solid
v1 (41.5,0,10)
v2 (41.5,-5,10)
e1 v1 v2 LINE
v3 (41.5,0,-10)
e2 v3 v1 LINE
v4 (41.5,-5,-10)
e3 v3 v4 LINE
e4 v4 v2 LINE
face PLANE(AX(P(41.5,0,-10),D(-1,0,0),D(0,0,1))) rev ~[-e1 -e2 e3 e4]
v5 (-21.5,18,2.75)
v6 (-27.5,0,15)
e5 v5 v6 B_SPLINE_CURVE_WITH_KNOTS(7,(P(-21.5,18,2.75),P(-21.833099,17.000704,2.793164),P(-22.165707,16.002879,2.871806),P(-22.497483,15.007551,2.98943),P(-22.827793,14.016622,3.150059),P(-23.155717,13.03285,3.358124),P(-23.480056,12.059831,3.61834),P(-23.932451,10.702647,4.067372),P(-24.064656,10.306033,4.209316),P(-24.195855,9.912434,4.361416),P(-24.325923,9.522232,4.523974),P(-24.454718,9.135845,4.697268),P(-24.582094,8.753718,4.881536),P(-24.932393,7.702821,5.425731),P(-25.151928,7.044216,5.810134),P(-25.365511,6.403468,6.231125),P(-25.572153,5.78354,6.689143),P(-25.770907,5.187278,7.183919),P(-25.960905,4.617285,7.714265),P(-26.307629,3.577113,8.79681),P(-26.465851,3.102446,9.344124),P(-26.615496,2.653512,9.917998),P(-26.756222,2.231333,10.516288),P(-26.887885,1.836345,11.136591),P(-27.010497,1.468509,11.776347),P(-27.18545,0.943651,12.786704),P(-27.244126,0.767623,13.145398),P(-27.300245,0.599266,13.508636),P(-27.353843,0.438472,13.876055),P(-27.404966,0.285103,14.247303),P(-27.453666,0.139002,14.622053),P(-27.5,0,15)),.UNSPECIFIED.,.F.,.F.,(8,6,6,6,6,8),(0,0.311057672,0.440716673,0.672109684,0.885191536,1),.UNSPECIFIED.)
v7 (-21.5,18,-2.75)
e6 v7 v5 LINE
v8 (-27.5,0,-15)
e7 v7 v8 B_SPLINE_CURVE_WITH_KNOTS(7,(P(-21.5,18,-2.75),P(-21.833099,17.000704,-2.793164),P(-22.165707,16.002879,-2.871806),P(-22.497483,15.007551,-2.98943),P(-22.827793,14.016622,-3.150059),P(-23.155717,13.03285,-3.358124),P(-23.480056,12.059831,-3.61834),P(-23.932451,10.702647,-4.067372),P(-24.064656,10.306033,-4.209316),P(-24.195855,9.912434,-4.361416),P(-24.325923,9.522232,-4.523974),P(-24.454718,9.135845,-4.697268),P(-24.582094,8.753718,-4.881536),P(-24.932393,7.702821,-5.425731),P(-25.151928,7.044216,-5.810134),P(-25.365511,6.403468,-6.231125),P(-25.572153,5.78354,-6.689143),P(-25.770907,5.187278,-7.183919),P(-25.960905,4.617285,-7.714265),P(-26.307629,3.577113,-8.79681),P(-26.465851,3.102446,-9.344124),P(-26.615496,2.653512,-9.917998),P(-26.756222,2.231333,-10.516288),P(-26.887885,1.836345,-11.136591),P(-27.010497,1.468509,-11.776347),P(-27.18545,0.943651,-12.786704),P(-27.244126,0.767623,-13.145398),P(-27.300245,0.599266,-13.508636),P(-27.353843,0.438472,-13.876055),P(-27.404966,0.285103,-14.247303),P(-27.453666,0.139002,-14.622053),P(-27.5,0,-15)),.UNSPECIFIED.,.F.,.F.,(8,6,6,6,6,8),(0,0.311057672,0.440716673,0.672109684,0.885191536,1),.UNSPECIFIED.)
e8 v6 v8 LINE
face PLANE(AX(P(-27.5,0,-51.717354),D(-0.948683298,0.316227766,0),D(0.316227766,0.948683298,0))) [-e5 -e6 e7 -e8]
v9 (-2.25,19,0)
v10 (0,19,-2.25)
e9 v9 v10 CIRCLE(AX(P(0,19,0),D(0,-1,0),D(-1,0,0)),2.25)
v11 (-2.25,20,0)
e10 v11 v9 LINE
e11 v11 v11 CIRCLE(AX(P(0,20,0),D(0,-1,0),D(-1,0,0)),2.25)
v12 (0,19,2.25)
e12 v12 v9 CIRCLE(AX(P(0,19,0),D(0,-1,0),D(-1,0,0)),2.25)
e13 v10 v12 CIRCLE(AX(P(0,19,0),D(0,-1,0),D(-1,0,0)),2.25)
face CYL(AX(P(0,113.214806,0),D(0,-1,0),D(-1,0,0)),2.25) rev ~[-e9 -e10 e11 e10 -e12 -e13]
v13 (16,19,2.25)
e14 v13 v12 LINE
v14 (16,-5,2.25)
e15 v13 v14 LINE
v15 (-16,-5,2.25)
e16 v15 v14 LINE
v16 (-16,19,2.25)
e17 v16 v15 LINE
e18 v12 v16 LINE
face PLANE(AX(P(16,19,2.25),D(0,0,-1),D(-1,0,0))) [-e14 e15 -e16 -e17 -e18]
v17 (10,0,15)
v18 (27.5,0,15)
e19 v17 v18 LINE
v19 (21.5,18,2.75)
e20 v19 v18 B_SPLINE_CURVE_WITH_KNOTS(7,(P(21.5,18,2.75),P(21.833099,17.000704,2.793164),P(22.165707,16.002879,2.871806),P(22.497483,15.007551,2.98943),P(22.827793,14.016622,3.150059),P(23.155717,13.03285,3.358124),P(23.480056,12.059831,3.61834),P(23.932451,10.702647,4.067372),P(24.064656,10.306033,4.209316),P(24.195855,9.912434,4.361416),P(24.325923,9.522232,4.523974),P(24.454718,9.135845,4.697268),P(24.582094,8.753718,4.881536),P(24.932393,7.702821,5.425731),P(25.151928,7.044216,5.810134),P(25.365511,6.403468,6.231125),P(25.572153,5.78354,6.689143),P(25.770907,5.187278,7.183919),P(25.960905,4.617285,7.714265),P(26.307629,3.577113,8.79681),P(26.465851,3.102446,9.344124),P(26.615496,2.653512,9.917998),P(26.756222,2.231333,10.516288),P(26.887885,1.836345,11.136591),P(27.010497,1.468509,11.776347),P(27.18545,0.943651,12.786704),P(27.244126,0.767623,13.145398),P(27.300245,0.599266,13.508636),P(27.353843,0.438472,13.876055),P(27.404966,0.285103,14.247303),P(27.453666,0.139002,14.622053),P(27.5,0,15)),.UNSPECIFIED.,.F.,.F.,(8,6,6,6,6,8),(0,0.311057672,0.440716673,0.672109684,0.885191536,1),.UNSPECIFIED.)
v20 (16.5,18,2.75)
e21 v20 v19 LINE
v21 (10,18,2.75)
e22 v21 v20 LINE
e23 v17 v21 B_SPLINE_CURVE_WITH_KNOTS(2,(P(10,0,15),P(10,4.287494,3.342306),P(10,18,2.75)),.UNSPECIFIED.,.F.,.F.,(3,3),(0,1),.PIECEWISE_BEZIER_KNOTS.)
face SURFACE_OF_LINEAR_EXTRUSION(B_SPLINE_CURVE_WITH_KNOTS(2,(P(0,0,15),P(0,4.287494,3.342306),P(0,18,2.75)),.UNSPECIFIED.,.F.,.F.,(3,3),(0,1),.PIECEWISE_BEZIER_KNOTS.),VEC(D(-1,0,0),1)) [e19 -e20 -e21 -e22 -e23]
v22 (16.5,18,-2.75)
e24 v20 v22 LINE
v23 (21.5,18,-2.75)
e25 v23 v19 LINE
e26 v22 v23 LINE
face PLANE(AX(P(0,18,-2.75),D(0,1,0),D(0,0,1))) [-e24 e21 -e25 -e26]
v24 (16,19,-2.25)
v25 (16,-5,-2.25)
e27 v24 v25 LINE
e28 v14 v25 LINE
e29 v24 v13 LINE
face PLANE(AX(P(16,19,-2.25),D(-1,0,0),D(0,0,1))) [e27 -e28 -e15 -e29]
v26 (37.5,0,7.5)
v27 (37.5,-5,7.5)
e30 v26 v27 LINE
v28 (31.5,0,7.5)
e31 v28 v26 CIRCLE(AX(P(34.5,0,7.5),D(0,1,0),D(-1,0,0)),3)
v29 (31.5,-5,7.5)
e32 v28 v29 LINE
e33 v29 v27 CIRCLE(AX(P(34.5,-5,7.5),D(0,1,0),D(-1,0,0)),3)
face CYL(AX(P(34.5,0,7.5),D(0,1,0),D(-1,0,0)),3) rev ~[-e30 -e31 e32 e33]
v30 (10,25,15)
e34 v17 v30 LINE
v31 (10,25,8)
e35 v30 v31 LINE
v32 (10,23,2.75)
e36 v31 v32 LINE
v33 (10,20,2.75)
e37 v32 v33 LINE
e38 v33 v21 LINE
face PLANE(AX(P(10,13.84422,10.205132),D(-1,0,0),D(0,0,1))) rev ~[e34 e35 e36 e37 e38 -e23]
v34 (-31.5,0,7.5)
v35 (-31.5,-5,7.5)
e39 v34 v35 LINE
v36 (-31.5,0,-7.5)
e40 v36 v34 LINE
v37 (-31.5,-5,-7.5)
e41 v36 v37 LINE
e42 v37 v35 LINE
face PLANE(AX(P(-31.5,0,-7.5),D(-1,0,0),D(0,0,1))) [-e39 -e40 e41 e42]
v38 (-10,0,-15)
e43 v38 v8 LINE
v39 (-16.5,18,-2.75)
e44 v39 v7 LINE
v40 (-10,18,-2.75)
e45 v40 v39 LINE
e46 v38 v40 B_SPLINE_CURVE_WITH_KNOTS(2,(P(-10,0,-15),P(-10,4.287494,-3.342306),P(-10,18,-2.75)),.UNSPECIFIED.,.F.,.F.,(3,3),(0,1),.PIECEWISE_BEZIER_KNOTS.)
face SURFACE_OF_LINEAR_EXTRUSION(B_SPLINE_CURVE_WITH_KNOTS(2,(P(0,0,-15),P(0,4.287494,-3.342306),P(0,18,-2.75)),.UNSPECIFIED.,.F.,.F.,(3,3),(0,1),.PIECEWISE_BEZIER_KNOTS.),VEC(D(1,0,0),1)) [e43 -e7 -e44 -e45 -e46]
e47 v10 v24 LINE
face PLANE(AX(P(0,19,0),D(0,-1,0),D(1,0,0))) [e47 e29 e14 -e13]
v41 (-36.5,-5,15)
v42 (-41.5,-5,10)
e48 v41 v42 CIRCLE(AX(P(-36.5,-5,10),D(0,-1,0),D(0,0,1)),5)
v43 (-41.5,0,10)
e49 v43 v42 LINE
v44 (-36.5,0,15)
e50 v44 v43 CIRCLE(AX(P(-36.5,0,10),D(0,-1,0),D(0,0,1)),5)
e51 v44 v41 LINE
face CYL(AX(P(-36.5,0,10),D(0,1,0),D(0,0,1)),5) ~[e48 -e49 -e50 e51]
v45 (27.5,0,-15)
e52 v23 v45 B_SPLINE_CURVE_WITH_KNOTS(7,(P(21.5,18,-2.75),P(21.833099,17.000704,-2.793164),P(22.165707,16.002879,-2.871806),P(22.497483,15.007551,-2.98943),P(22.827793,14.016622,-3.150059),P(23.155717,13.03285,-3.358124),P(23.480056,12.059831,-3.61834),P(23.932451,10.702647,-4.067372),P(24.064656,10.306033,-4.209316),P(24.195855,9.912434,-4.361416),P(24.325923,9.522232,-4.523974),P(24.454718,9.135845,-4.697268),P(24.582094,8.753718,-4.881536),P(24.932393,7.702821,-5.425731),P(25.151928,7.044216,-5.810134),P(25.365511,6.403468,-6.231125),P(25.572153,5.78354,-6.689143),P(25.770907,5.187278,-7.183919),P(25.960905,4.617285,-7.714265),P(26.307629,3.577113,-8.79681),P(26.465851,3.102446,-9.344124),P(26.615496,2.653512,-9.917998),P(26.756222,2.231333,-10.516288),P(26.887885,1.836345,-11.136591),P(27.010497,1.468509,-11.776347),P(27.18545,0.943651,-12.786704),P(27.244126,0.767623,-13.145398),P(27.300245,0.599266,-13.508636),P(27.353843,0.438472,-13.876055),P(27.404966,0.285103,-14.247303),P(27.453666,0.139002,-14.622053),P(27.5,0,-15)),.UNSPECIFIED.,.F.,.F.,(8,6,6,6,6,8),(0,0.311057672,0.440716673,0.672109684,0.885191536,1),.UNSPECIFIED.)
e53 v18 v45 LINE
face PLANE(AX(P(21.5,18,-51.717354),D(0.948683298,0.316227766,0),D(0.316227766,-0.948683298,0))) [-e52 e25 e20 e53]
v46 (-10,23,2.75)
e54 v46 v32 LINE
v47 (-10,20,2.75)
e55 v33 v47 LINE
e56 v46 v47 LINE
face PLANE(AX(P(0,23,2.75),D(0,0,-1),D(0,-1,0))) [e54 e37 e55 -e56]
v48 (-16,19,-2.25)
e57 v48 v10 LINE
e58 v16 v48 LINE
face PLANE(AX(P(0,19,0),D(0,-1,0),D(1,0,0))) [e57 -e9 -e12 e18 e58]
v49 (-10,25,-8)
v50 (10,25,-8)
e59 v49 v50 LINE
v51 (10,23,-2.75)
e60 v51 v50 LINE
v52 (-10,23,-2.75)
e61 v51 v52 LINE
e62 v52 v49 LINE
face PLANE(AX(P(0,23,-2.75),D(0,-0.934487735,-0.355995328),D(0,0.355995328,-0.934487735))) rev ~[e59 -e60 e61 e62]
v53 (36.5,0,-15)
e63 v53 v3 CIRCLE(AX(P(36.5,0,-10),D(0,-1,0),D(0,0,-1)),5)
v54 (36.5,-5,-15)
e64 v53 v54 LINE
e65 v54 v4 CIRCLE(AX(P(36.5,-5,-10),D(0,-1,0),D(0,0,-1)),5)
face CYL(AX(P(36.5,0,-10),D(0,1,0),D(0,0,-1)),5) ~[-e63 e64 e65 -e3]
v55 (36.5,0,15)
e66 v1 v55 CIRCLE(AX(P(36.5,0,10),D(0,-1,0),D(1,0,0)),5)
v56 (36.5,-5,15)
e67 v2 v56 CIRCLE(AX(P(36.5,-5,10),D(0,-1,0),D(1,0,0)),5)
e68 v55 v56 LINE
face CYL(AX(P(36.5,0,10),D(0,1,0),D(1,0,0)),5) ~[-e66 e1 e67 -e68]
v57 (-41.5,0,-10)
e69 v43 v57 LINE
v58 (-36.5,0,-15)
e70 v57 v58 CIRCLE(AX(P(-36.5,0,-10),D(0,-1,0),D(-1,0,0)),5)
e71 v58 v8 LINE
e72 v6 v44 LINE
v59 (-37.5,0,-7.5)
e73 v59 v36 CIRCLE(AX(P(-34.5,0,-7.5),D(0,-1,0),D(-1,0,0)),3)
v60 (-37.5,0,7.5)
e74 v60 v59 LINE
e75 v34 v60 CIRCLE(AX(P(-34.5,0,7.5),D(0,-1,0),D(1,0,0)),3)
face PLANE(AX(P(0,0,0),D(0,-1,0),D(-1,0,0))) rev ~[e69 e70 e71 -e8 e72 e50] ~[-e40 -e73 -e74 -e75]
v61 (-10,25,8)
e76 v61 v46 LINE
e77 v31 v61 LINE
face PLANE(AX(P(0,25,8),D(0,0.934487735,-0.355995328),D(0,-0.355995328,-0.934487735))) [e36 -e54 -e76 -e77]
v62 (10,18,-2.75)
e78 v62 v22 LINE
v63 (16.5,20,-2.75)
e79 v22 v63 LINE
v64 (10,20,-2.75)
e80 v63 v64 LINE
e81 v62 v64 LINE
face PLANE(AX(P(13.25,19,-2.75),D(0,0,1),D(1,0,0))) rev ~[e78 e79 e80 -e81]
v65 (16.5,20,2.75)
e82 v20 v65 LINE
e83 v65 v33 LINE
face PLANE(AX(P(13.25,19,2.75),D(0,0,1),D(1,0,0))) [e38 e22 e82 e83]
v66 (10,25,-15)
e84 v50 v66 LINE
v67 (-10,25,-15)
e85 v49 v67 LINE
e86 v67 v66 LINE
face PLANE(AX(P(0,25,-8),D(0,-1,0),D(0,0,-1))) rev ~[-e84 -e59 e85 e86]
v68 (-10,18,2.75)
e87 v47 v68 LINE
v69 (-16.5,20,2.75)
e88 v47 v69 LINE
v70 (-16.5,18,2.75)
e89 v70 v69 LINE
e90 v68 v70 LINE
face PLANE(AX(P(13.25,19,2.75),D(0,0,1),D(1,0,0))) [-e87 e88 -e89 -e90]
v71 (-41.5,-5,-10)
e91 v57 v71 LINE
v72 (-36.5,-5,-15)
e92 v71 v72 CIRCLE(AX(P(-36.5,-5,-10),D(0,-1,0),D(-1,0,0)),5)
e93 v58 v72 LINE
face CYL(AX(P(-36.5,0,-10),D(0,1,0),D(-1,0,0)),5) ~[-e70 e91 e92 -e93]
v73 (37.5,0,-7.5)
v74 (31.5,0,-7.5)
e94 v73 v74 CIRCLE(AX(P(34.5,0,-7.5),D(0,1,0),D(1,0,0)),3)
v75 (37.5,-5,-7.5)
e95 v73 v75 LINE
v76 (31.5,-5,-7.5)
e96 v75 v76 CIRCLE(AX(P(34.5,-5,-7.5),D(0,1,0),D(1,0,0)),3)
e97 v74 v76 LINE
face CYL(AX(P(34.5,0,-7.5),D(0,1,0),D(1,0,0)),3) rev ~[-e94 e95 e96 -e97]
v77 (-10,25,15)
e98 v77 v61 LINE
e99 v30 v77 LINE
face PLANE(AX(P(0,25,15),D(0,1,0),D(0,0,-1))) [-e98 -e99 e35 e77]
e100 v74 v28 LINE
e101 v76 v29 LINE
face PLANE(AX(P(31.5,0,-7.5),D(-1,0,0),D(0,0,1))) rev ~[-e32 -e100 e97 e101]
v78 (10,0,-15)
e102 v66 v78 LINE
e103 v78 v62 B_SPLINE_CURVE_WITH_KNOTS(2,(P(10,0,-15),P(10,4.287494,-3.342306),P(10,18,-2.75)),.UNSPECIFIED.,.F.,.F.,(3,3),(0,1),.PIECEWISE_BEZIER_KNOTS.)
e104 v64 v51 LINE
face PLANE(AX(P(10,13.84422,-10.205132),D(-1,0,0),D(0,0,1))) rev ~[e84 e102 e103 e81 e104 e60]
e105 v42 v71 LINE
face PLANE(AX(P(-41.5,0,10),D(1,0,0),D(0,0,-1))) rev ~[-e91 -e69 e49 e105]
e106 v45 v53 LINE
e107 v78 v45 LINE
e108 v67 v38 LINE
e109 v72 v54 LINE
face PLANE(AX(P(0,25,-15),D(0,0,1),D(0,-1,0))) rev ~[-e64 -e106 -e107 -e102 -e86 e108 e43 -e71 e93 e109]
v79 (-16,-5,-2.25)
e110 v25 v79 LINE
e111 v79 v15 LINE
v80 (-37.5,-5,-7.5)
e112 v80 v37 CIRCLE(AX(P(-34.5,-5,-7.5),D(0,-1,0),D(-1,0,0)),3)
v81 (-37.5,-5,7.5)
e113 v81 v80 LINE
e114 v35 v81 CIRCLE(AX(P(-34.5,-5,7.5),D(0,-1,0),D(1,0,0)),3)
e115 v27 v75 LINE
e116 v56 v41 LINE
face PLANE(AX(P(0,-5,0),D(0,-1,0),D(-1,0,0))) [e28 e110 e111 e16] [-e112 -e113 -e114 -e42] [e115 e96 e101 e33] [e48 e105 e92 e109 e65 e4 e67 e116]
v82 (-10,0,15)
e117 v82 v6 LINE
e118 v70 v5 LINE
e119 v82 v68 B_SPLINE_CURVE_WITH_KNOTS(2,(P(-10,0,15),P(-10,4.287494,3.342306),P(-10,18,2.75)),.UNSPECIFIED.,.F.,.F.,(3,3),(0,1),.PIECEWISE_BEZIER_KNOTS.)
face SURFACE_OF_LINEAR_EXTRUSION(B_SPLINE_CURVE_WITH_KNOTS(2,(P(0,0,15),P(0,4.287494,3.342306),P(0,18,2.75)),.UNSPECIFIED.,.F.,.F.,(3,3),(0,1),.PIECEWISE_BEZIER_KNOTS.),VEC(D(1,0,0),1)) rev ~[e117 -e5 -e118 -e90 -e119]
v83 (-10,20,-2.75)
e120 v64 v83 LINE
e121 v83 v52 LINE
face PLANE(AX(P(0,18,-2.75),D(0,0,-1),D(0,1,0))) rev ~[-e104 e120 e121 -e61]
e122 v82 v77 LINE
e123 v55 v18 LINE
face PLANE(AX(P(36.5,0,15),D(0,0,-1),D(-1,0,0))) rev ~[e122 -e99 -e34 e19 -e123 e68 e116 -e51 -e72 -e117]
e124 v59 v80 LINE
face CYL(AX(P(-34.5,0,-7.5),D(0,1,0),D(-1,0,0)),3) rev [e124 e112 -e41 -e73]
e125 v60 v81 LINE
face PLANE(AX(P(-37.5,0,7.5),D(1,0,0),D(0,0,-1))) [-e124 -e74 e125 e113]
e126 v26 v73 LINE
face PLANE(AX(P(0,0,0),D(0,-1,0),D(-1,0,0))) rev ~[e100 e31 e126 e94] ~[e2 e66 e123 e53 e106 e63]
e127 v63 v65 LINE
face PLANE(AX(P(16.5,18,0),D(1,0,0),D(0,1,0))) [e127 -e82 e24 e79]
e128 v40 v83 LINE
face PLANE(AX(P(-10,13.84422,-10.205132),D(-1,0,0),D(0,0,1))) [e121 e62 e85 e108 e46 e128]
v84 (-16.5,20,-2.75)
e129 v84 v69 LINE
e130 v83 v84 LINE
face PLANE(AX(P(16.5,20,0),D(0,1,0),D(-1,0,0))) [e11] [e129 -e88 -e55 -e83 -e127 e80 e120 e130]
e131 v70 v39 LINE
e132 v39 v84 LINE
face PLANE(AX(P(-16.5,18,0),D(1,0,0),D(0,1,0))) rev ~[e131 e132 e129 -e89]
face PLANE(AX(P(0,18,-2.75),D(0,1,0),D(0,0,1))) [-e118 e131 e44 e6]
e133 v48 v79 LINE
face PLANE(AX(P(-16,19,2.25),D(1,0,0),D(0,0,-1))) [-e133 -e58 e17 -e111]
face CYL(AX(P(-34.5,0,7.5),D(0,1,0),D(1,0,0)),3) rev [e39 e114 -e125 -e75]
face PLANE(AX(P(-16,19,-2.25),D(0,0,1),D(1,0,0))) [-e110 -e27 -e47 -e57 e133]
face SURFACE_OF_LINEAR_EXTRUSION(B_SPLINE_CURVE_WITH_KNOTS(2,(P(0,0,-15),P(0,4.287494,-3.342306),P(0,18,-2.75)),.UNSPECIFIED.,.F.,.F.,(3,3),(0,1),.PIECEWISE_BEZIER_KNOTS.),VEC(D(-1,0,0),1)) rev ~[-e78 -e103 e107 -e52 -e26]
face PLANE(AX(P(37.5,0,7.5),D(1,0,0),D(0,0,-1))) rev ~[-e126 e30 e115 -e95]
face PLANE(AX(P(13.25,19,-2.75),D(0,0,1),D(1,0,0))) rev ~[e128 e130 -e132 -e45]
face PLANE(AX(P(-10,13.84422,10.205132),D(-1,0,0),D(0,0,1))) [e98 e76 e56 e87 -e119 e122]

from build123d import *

# Parameters (mm, degrees)
BOSS_EXTRUDE1_DEPTH     = 5
BOSS_EXTRUDE2_DEPTH     = 27.5
BOSS_EXTRUDE3_DEPTH     = 10
CUT_EXTRUDE2_DEPTH      = 51.717354111
CUT_EXTRUDE2_DEPTH_BACK = 51.717354111
SKETCH5_3_W             = 6.5
SKETCH5_3_H             = 2
SKETCH5_3_W_2           = 20
BOSS_EXTRUDE4_DEPTH     = 2.75
CUT_EXTRUDE3_DEPTH      = 54.359629019
CUT_EXTRUDE3_DEPTH_BACK = 24
M4_CLEARANCE_HOLE1_D    = 4.5


with BuildPart() as part:
    # Sketch1 → Boss-Extrude1 (new body)
    with BuildSketch(Plane(origin=(0, 0, 0), x_dir=(1, 0, 0), z_dir=(0, 1, 0))):
        with BuildLine():
            Line((-36.5, 15), (36.5, 15))
            ThreePointArc((36.5, 15), (40.035533906, 13.535533906), (41.5, 10))
            Line((41.5, 10), (41.5, -10))
            ThreePointArc((41.5, -10), (40.035533906, -13.535533906), (36.5, -15))
            Line((36.5, -15), (-36.5, -15))
            ThreePointArc((-36.5, -15), (-40.035533906, -13.535533906), (-41.5, -10))
            Line((-41.5, -10), (-41.5, 10))
            ThreePointArc((-41.5, 10), (-40.035533906, 13.535533906), (-36.5, 15))
        make_face()
        with BuildLine():
            Line((-31.5, 7.5), (-31.5, -7.5))
            ThreePointArc((-31.5, -7.5), (-34.5, -10.5), (-37.5, -7.5))
            Line((-37.5, -7.5), (-37.5, 7.5))
            ThreePointArc((-37.5, 7.5), (-34.5, 10.5), (-31.5, 7.5))
        make_face(mode=Mode.SUBTRACT)
        with BuildLine():
            Line((31.5, 7.5), (31.5, -7.5))
            ThreePointArc((31.5, -7.5), (34.5, -10.5), (37.5, -7.5))
            Line((37.5, -7.5), (37.5, 7.5))
            ThreePointArc((37.5, 7.5), (34.5, 10.5), (31.5, 7.5))
        make_face(mode=Mode.SUBTRACT)
    extrude(amount=-BOSS_EXTRUDE1_DEPTH)

    # Sketch2 → Boss-Extrude2 (add, symmetric)
    with BuildSketch(Plane(origin=(0, 0, 0), x_dir=(0, 0, -1), z_dir=(1, 0, 0))):
        with BuildLine():
            Line((-15, 0), (0, 0))
            Line((0, 0), (0, 18))
            Line((0, 18), (-2.75, 18))
            add(Edge.make_bspline(
                [(-15, 0), (-3.342305564, 4.287493928), (-2.75, 18)],
                knots=[0, 0, 0, 1, 1, 1], degree=2))
        make_face()
        with BuildLine():
            Line((0, 18), (0, 0))
            Line((0, 0), (15, 0))
            add(Edge.make_bspline(
                [(15, 0), (3.342305564, 4.287493928), (2.75, 18)],
                knots=[0, 0, 0, 1, 1, 1], degree=2))
            Line((2.75, 18), (0, 18))
        make_face()
    extrude(amount=BOSS_EXTRUDE2_DEPTH, both=True)

    # Sketch2<3> → Boss-Extrude3 (add, symmetric)
    with BuildSketch(Plane(origin=(0, 0, 0), x_dir=(0, 0, -1), z_dir=(1, 0, 0))):
        with BuildLine():
            Line((-15, 0), (-15, 25))
            Line((-15, 25), (-8, 25))
            Line((-8, 25), (-2.75, 23))
            Line((-2.75, 23), (-2.75, 18))
            add(Edge.make_bspline(
                [(-15, 0), (-3.342305564, 4.287493928), (-2.75, 18)],
                knots=[0, 0, 0, 1, 1, 1], degree=2))
        make_face()
        with BuildLine():
            add(Edge.make_bspline(
                [(15, 0), (3.342305564, 4.287493928), (2.75, 18)],
                knots=[0, 0, 0, 1, 1, 1], degree=2))
            Line((2.75, 18), (2.75, 23))
            Line((2.75, 23), (8, 25))
            Line((8, 25), (15, 25))
            Line((15, 25), (15, 0))
        make_face()
    extrude(amount=BOSS_EXTRUDE3_DEPTH, both=True)

    # Sketch5 → Cut-Extrude2 (cut, two sides: drawn at the far end of the back side and taken through both)
    with BuildSketch(Plane.XY.offset(-CUT_EXTRUDE2_DEPTH_BACK)):
        Polygon((-27.5, 18), (-27.5, 0), (-21.5, 18), align=None)
        Polygon((21.5, 18), (27.5, 0), (27.5, 18), align=None)
    extrude(amount=CUT_EXTRUDE2_DEPTH + CUT_EXTRUDE2_DEPTH_BACK, mode=Mode.SUBTRACT)

    # Sketch5<3> → Boss-Extrude4 (add, symmetric)
    with BuildSketch(Plane.XY):
        with Locations((13.25, 19)):
            Rectangle(SKETCH5_3_W, SKETCH5_3_H)
        with Locations((-13.25, 19)):
            Rectangle(SKETCH5_3_W, SKETCH5_3_H)
        with Locations((0, 19)):
            Rectangle(SKETCH5_3_W_2, SKETCH5_3_H)
    extrude(amount=BOSS_EXTRUDE4_DEPTH, both=True)

    # Sketch6 → Cut-Extrude3 (cut, two sides: drawn at the far end of the back side and taken through both)
    with BuildSketch(Plane.XZ.offset(5).offset(-CUT_EXTRUDE3_DEPTH_BACK)):
        Polygon((16, 2.25), (10, 2.25), (-10, 2.25), (-16, 2.25), (-16, -2.25), (-10, -2.25), (10, -2.25), (16, -2.25), align=None)
    extrude(amount=CUT_EXTRUDE3_DEPTH + CUT_EXTRUDE3_DEPTH_BACK, mode=Mode.SUBTRACT)

    # M4 Clearance Hole1 (through all)
    with Locations(Plane(origin=(0, 20, 0), x_dir=(1, 0, 0), z_dir=(0, 1, 0))):
        with Locations((0, 0)):
            Hole(M4_CLEARANCE_HOLE1_D / 2)


solid = part.part
